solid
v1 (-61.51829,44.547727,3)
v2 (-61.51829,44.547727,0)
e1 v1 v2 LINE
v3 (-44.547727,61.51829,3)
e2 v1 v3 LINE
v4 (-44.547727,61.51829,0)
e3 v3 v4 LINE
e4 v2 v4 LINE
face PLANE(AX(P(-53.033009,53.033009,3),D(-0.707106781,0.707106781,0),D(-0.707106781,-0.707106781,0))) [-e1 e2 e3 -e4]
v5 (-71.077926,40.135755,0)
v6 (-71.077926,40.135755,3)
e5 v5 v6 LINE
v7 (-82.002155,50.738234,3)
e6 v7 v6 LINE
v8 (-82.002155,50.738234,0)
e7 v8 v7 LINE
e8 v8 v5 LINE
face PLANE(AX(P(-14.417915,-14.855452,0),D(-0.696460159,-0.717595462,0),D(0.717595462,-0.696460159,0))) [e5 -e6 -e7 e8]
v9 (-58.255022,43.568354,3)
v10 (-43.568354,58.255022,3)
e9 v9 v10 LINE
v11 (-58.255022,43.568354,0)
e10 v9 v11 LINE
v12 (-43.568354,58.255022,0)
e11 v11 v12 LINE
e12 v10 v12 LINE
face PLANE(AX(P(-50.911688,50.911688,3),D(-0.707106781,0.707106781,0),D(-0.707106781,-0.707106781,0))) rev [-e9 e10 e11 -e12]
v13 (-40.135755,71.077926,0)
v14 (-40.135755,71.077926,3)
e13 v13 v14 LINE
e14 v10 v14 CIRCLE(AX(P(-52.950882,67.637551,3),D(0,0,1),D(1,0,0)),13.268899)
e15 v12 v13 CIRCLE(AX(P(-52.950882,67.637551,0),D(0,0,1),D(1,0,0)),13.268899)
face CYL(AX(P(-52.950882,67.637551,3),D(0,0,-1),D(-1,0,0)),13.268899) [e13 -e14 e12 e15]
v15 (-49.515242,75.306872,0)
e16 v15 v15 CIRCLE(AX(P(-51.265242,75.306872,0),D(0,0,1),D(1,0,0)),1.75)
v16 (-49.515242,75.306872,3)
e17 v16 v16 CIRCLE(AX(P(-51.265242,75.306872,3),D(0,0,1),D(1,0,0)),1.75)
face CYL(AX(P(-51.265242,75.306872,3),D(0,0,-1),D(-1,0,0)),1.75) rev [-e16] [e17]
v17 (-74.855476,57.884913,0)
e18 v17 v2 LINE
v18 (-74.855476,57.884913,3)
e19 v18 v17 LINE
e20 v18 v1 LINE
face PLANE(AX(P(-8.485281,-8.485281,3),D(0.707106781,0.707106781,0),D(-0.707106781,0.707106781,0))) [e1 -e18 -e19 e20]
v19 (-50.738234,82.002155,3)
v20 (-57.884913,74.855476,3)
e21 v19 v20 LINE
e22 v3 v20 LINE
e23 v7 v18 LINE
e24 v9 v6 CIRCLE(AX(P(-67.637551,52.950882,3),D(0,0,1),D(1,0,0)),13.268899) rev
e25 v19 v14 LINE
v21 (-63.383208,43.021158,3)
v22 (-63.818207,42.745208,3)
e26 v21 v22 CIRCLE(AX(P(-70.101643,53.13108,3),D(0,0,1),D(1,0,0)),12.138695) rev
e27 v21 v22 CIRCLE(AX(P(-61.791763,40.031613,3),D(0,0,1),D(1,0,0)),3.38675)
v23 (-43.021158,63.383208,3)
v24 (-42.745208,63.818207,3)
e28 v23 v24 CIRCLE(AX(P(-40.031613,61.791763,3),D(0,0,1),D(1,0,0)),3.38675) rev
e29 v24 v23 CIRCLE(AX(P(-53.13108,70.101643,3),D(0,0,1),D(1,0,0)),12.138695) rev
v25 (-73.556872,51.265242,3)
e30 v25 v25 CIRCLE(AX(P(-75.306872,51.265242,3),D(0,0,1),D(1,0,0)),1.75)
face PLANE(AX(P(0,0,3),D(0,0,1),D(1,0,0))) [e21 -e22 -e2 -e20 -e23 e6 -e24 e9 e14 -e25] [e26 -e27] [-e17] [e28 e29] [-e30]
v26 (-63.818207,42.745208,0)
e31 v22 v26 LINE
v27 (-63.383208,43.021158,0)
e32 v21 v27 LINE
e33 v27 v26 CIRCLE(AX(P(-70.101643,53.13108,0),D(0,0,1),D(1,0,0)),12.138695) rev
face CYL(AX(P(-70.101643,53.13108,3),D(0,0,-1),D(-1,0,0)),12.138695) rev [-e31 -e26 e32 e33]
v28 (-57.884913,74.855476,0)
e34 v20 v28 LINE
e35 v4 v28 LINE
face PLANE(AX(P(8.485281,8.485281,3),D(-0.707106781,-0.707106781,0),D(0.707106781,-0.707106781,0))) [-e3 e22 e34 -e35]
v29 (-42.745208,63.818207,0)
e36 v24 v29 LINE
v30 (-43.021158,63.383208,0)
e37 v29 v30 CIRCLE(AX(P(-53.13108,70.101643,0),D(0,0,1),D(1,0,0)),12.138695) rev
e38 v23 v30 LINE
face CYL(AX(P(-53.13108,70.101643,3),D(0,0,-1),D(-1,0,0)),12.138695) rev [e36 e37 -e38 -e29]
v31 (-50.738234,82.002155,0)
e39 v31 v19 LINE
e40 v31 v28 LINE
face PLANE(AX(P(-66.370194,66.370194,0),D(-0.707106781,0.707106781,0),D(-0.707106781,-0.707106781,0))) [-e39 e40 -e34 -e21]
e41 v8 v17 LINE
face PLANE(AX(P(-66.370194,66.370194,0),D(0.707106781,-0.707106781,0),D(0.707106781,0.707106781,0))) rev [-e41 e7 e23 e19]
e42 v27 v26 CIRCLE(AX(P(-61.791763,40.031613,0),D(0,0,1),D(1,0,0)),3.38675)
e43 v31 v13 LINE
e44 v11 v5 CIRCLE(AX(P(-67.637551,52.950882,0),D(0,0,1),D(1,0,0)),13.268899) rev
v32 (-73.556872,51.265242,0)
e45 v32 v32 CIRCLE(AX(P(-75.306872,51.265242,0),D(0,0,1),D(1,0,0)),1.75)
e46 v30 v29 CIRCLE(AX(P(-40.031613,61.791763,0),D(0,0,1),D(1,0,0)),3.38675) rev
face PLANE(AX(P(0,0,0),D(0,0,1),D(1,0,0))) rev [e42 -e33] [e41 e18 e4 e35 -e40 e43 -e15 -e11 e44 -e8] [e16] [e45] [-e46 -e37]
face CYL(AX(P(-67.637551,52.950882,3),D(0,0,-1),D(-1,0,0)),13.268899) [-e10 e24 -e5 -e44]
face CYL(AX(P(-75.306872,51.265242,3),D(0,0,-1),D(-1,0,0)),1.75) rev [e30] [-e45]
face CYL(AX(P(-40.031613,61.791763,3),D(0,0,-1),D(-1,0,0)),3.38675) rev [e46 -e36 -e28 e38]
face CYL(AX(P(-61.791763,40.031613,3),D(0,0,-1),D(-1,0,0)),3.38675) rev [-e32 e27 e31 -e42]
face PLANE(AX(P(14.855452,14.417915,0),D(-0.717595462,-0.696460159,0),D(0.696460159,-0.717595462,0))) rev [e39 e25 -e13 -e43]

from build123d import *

# Parameters (mm, degrees)
SKETCH1_R           = 1.75
BOSS_EXTRUDE2_DEPTH = 3
CUT_EXTRUDE5_DEPTH  = 117.344085899


with BuildPart() as part:
    # Sketch1 → Boss-Extrude2 (new body)
    # profile 1 of 6: a face of its own
    with BuildSketch(Plane.XY):
        with BuildLine():
            Line((-61.518289963, 44.547727215), (-78.684996473, 61.714433725))
            ThreePointArc((-78.684996473, 61.714433725), (-82.079566173, 51.162002537), (-75.485462345, 42.251632055))
            ThreePointArc((-75.485462345, 42.251632055), (-69.588581896, 41.003233411), (-63.818207412, 42.745208303))
            ThreePointArc((-63.818207412, 42.745208303), (-63.605961831, 42.89146595), (-63.383207651, 43.021158129))
            ThreePointArc((-63.383207651, 43.021158129), (-62.41276888, 43.738044879), (-61.518289963, 44.547727215))
        make_face()
        with Locations((-75.306872196, 51.265241636)):
            Circle(SKETCH1_R, mode=Mode.SUBTRACT)
    # profile 2 of 6: a face of its own
    with BuildSketch(Plane.XY):
        with BuildLine():
            ThreePointArc((-63.818207412, 42.745208303), (-69.588581896, 41.003233411), (-75.485462345, 42.251632055))
            ThreePointArc((-75.485462345, 42.251632055), (-66.626510988, 39.720558383), (-58.255022397, 43.568354094))
            ThreePointArc((-58.255022397, 43.568354094), (-59.291136488, 43.01863263), (-60.457290906, 43.144370333))
            ThreePointArc((-60.457290906, 43.144370333), (-61.934255267, 43.415364041), (-63.383207651, 43.021158129))
            ThreePointArc((-63.383207651, 43.021158129), (-63.599243517, 42.880875383), (-63.818207412, 42.745208303))
        make_face()
    # profile 3 of 6: a face of its own
    with BuildSketch(Plane.XY):
        with BuildLine():
            Line((-53.033008589, 53.033008589), (-61.518289963, 44.547727215))
            ThreePointArc((-61.518289963, 44.547727215), (-62.41276888, 43.738044879), (-63.383207651, 43.021158129))
            ThreePointArc((-63.383207651, 43.021158129), (-61.934255267, 43.415364041), (-60.457290906, 43.144370333))
            ThreePointArc((-60.457290906, 43.144370333), (-59.291136488, 43.01863263), (-58.255022397, 43.568354094))
            Line((-58.255022397, 43.568354094), (-50.911688245, 50.911688245))
            Line((-50.911688245, 50.911688245), (-53.033008589, 53.033008589))
        make_face()
    # profile 4 of 6: a face of its own
    with BuildSketch(Plane.XY):
        with BuildLine():
            Line((-44.547727215, 61.518289963), (-53.033008589, 53.033008589))
            Line((-53.033008589, 53.033008589), (-50.911688245, 50.911688245))
            Line((-50.911688245, 50.911688245), (-43.568354094, 58.255022397))
            ThreePointArc((-43.568354094, 58.255022397), (-43.01863263, 59.291136488), (-43.144370333, 60.457290906))
            ThreePointArc((-43.144370333, 60.457290906), (-43.415364041, 61.934255267), (-43.021158129, 63.383207651))
            ThreePointArc((-43.021158129, 63.383207651), (-43.738044879, 62.41276888), (-44.547727215, 61.518289963))
        make_face()
    # profile 5 of 6: a face of its own
    with BuildSketch(Plane.XY):
        with BuildLine():
            ThreePointArc((-42.745208303, 63.818207412), (-42.880875383, 63.599243517), (-43.021158129, 63.383207651))
            ThreePointArc((-43.021158129, 63.383207651), (-43.415364041, 61.934255267), (-43.144370333, 60.457290906))
            ThreePointArc((-43.144370333, 60.457290906), (-43.01863263, 59.291136488), (-43.568354094, 58.255022397))
            ThreePointArc((-43.568354094, 58.255022397), (-39.720558383, 66.626510988), (-42.251632055, 75.485462345))
            ThreePointArc((-42.251632055, 75.485462345), (-41.003233411, 69.588581896), (-42.745208303, 63.818207412))
        make_face()
    # profile 6 of 6: a face of its own
    with BuildSketch(Plane.XY):
        with BuildLine():
            Line((-61.714433725, 78.684996473), (-44.547727215, 61.518289963))
            ThreePointArc((-44.547727215, 61.518289963), (-43.738044879, 62.41276888), (-43.021158129, 63.383207651))
            ThreePointArc((-43.021158129, 63.383207651), (-42.89146595, 63.605961831), (-42.745208303, 63.818207412))
            ThreePointArc((-42.745208303, 63.818207412), (-41.003233411, 69.588581896), (-42.251632055, 75.485462345))
            ThreePointArc((-42.251632055, 75.485462345), (-51.162002537, 82.079566173), (-61.714433725, 78.684996473))
        make_face()
        with Locations((-51.265241636, 75.306872196)):
            Circle(SKETCH1_R, mode=Mode.SUBTRACT)
    extrude(amount=BOSS_EXTRUDE2_DEPTH)

    # Sketch2 → Cut-Extrude5 (cut, through all)
    with BuildSketch(Plane.XY.offset(3)):
        with BuildLine():
            Line((-87.146030282, 55.882108481), (-82.002155393, 50.738233593))
            ThreePointArc((-82.002155393, 50.738233593), (-81.721300187, 56.642700912), (-78.684996473, 61.714433725))
            Line((-78.684996473, 61.714433725), (-74.855475867, 57.884913119))
            Line((-74.855475867, 57.884913119), (-73.595511338, 59.144877648))
            Line((-73.595511338, 59.144877648), (-82.002155393, 67.551521704))
            Line((-82.002155393, 67.551521704), (-87.146030282, 55.882108481))
        make_face()
        with BuildLine():
            ThreePointArc((-78.684996473, 61.714433725), (-81.721300187, 56.642700912), (-82.002155393, 50.738233593))
            Line((-82.002155393, 50.738233593), (-74.855475867, 57.884913119))
            Line((-74.855475867, 57.884913119), (-78.684996473, 61.714433725))
        make_face()
        with BuildLine():
            Line((-71.077925903, 40.135754876), (-82.002155393, 50.738233593))
            ThreePointArc((-82.002155393, 50.738233593), (-79.729344323, 45.738159691), (-75.485462345, 42.251632055))
            ThreePointArc((-75.485462345, 42.251632055), (-73.379988253, 40.988939163), (-71.077925903, 40.135754876))
        make_face()
        with BuildLine():
            ThreePointArc((-75.485462345, 42.251632055), (-79.729344323, 45.738159691), (-82.002155393, 50.738233593))
            Line((-82.002155393, 50.738233593), (-82.002155393, 40.135754876))
            Line((-82.002155393, 40.135754876), (-71.077925903, 40.135754876))
            ThreePointArc((-71.077925903, 40.135754876), (-73.379988253, 40.988939163), (-75.485462345, 42.251632055))
        make_face()
        with BuildLine():
            ThreePointArc((-61.714433725, 78.684996473), (-56.642700912, 81.721300187), (-50.738233593, 82.002155393))
            Line((-50.738233593, 82.002155393), (-55.882108481, 87.146030282))
            Line((-55.882108481, 87.146030282), (-67.551521704, 82.002155393))
            Line((-67.551521704, 82.002155393), (-59.144877648, 73.595511338))
            Line((-59.144877648, 73.595511338), (-57.884913119, 74.855475867))
            Line((-57.884913119, 74.855475867), (-61.714433725, 78.684996473))
        make_face()
        with BuildLine():
            Line((-57.884913119, 74.855475867), (-50.738233593, 82.002155393))
            ThreePointArc((-50.738233593, 82.002155393), (-56.642700912, 81.721300187), (-61.714433725, 78.684996473))
            Line((-61.714433725, 78.684996473), (-57.884913119, 74.855475867))
        make_face()
        with BuildLine():
            ThreePointArc((-42.251632055, 75.485462345), (-45.738159691, 79.729344323), (-50.738233593, 82.002155393))
            Line((-50.738233593, 82.002155393), (-40.135754876, 71.077925903))
            ThreePointArc((-40.135754876, 71.077925903), (-40.988939163, 73.379988253), (-42.251632055, 75.485462345))
        make_face()
        with BuildLine():
            Line((-40.135754876, 82.002155393), (-50.738233593, 82.002155393))
            ThreePointArc((-50.738233593, 82.002155393), (-45.738159691, 79.729344323), (-42.251632055, 75.485462345))
            ThreePointArc((-42.251632055, 75.485462345), (-40.988939163, 73.379988253), (-40.135754876, 71.077925903))
            Line((-40.135754876, 71.077925903), (-40.135754876, 82.002155393))
        make_face()
    extrude(amount=-CUT_EXTRUDE5_DEPTH, mode=Mode.SUBTRACT)


solid = part.part
